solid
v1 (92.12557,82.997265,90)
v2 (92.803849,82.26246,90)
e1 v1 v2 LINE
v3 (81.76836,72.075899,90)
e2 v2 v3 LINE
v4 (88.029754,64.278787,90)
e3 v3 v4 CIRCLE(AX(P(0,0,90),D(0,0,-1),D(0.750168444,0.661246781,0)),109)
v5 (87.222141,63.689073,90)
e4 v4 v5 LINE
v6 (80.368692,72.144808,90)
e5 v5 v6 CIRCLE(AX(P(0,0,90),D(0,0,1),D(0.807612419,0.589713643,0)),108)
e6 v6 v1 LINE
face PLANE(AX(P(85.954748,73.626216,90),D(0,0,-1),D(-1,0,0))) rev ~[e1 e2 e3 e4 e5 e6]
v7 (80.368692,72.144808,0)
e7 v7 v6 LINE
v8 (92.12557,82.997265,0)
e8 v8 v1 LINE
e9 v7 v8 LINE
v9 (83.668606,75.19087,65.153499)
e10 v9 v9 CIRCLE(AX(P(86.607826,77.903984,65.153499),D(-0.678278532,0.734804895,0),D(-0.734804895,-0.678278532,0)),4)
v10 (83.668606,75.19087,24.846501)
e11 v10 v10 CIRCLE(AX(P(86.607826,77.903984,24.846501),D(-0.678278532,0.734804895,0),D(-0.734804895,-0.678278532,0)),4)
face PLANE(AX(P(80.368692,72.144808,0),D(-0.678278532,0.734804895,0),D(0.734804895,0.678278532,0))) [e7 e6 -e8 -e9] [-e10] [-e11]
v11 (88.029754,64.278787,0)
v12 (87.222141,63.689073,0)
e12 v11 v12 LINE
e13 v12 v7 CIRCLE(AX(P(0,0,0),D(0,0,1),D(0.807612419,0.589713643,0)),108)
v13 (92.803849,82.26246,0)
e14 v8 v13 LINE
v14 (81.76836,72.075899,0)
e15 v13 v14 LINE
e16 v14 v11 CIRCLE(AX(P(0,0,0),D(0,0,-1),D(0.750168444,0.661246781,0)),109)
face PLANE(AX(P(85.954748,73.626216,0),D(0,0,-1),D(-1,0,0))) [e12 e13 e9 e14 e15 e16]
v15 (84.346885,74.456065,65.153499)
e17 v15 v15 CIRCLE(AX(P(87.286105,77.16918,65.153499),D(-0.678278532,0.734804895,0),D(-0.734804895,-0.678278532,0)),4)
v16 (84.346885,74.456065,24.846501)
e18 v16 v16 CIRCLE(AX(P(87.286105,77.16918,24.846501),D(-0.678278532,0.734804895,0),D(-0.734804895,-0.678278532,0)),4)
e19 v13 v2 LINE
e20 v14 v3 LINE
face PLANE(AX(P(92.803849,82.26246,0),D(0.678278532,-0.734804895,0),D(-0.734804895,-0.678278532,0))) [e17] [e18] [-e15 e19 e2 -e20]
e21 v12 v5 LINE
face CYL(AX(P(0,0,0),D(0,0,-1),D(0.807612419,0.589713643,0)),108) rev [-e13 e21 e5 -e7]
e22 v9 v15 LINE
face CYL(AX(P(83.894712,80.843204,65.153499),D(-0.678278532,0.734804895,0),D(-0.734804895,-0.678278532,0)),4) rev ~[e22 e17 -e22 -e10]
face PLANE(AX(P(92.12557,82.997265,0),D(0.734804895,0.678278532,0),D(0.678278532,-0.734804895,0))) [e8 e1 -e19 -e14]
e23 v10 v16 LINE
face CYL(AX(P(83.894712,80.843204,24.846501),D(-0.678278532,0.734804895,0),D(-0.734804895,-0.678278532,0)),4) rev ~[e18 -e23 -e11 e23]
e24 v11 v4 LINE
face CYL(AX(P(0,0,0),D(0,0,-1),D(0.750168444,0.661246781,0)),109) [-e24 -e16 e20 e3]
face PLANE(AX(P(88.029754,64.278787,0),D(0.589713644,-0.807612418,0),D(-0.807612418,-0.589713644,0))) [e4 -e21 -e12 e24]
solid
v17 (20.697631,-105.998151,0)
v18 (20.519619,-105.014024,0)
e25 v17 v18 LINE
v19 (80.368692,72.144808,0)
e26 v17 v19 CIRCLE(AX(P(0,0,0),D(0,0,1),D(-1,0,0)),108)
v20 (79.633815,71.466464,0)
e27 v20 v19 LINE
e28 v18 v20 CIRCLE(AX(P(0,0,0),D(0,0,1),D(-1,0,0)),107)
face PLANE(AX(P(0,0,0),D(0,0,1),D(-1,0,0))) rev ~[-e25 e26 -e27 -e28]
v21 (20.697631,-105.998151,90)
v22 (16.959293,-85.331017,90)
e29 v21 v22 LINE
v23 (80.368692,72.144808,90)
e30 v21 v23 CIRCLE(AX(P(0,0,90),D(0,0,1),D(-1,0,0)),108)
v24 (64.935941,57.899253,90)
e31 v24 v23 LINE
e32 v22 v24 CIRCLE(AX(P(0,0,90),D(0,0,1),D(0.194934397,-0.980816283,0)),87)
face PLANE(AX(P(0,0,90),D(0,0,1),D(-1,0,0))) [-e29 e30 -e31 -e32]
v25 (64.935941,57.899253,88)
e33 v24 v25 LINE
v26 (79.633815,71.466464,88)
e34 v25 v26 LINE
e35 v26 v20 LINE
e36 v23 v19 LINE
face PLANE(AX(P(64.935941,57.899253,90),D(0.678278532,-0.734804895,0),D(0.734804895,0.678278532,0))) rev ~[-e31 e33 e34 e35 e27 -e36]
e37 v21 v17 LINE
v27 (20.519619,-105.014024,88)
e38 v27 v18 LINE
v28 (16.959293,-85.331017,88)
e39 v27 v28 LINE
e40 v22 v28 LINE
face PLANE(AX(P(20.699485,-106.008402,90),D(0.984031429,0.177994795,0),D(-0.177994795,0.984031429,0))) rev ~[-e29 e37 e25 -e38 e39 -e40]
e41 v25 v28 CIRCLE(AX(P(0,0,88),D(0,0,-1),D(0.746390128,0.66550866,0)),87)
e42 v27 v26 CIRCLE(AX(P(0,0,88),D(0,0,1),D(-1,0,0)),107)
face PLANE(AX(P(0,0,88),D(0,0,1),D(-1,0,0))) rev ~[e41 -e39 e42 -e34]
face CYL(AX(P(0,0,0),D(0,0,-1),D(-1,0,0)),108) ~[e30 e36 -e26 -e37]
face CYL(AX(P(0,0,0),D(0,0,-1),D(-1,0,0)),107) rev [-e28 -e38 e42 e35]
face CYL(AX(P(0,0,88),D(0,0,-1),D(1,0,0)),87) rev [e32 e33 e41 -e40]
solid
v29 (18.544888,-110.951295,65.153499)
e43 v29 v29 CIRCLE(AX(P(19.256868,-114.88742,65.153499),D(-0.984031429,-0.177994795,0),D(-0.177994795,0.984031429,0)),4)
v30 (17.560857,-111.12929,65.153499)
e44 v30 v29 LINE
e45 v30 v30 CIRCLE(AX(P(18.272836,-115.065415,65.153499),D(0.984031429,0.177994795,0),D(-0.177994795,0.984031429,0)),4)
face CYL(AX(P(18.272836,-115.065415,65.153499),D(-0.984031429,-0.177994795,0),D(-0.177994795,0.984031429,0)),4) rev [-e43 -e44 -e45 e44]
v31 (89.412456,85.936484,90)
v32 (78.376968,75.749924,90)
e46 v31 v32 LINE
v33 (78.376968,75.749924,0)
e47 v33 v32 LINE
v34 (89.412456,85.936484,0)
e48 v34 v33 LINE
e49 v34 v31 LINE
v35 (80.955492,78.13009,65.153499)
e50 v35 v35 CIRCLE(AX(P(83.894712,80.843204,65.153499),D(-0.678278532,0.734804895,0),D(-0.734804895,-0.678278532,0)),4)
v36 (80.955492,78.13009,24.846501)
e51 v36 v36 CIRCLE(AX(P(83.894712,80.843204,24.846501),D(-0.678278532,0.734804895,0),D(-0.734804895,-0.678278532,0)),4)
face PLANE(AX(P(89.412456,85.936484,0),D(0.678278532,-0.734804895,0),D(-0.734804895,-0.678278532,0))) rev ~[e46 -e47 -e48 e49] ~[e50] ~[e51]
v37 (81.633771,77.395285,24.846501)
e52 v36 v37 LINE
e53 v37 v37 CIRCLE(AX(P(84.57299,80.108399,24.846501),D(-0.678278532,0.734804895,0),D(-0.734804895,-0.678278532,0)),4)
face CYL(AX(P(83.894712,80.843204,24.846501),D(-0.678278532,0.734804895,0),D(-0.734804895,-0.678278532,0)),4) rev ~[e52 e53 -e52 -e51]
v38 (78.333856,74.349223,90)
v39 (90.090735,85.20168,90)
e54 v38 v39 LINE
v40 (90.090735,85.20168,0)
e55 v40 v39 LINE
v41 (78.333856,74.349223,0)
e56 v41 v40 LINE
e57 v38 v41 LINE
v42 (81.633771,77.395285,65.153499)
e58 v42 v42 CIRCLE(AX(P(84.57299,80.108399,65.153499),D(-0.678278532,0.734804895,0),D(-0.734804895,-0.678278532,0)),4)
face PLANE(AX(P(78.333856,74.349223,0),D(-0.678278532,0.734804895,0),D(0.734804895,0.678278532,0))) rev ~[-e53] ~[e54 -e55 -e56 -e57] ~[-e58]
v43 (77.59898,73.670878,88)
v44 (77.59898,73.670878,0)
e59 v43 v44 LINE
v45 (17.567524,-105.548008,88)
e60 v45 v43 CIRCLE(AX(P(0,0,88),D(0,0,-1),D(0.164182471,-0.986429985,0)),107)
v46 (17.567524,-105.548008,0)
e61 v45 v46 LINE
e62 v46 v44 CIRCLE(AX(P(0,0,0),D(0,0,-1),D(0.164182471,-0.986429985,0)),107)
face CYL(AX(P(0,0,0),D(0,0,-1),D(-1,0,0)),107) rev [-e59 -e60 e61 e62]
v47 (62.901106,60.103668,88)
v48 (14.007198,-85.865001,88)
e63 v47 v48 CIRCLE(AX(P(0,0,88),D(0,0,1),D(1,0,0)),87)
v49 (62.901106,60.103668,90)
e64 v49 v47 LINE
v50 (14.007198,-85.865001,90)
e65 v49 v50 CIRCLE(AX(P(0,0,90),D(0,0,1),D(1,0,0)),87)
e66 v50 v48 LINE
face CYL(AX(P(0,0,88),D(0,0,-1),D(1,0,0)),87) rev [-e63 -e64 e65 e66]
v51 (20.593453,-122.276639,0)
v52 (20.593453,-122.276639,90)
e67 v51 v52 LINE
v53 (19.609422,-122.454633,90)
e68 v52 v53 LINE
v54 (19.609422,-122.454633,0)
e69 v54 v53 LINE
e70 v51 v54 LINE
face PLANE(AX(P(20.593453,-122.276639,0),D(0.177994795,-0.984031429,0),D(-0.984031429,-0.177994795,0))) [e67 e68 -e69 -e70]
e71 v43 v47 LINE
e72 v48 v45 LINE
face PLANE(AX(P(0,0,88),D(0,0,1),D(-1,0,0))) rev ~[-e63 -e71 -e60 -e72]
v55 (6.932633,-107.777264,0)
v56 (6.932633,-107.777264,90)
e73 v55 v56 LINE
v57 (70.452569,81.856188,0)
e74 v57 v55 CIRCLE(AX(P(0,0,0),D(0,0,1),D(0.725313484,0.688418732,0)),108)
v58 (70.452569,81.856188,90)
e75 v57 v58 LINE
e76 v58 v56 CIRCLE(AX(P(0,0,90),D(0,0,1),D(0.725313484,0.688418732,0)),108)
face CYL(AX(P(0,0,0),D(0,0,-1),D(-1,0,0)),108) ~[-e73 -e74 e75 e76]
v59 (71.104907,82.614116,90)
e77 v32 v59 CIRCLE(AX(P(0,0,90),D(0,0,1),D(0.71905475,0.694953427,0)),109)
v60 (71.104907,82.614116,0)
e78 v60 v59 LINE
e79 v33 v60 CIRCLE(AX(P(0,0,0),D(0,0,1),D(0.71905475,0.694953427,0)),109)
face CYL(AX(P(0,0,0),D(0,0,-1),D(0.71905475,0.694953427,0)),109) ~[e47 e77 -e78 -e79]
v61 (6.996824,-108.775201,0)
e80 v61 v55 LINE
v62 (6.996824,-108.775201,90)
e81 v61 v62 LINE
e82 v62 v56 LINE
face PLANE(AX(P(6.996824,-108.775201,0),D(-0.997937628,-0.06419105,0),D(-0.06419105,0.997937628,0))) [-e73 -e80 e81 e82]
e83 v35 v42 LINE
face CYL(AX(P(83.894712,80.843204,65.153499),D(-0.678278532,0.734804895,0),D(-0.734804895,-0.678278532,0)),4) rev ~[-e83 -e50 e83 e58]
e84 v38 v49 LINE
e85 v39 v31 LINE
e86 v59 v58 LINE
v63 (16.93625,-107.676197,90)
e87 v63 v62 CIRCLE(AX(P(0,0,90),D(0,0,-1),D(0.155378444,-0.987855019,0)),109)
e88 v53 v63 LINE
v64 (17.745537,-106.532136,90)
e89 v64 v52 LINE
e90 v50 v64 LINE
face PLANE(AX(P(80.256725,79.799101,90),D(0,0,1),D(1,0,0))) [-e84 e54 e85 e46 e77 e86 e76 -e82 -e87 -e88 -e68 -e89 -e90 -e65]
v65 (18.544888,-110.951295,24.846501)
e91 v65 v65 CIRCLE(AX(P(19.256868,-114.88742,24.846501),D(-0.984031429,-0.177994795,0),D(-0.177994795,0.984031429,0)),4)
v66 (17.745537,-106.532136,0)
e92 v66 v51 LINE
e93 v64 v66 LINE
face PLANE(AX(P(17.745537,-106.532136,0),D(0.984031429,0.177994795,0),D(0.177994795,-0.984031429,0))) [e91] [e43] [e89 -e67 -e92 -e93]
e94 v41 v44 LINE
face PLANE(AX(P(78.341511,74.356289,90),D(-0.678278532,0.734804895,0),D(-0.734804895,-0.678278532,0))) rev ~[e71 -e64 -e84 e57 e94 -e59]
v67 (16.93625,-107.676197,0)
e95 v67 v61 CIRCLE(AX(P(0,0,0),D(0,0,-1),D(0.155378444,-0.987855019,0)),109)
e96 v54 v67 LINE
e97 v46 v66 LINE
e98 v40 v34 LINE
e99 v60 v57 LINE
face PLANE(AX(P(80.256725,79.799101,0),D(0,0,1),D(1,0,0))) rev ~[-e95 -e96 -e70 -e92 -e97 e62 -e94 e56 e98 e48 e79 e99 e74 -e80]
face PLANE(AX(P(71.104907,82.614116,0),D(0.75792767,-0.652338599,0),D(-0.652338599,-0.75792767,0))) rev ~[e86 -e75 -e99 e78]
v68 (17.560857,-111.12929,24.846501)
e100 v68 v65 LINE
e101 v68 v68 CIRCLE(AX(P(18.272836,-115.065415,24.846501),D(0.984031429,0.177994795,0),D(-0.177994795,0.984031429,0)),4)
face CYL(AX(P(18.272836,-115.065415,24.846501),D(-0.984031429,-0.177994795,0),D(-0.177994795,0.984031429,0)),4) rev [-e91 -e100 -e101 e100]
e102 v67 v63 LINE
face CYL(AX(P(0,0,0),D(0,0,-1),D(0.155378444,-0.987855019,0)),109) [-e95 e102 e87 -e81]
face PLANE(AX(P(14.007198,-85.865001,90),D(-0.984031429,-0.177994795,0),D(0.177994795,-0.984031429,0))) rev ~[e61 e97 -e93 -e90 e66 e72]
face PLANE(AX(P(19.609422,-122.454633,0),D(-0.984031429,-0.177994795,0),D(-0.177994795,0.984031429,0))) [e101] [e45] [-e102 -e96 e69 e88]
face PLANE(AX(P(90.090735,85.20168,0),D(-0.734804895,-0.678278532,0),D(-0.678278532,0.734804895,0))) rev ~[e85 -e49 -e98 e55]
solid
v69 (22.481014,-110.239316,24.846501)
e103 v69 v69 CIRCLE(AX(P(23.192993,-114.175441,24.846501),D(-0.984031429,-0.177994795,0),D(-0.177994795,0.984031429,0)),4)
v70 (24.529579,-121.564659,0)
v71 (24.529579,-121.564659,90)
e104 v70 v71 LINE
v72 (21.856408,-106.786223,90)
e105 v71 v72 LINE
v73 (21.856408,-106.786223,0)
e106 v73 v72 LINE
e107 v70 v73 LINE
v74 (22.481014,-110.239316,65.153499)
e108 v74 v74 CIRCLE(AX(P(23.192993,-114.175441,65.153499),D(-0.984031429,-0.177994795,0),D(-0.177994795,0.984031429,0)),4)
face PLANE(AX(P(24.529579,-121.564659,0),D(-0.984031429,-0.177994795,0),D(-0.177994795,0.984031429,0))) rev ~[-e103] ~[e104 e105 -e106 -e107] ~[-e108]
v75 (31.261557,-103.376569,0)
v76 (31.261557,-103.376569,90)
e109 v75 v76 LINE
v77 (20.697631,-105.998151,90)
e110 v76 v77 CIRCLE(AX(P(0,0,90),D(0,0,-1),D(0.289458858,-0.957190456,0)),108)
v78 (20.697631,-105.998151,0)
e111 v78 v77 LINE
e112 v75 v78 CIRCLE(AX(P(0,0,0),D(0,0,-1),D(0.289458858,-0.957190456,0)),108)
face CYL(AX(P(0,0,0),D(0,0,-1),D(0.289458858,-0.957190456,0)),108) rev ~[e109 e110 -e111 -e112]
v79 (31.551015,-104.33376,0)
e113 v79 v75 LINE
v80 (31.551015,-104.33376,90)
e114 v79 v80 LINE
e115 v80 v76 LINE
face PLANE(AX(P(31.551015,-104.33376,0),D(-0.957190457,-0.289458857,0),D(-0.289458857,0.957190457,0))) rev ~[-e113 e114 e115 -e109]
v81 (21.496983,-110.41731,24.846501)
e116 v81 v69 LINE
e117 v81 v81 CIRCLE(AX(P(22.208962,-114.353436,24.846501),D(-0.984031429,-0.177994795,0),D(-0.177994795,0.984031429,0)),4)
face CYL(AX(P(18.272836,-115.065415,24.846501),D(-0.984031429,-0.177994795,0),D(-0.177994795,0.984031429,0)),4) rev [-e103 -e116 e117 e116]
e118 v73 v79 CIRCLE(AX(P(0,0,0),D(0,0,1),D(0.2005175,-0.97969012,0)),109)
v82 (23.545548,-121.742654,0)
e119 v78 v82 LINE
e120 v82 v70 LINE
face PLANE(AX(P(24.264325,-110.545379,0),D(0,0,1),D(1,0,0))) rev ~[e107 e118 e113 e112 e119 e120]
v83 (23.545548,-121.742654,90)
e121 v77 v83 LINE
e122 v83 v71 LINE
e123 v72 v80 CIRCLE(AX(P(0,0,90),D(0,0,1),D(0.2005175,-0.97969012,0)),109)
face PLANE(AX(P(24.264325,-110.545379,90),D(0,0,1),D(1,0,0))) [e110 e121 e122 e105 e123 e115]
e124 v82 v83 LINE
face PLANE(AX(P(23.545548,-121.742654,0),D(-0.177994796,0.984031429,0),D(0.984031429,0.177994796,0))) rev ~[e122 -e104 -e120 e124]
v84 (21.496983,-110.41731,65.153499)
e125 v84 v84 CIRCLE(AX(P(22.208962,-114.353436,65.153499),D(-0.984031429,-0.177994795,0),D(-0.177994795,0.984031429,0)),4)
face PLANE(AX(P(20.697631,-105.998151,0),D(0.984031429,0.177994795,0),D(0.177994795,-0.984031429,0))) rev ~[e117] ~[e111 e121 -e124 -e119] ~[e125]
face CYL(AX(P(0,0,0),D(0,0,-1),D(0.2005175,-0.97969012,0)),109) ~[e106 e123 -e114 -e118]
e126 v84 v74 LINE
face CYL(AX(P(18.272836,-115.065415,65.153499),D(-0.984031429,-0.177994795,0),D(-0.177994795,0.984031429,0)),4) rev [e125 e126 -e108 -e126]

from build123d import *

# Parameters (mm, degrees)
SKETCH1_R           = 108
SKETCH1_R_2         = 107
BOSS_EXTRUDE1_DEPTH = 90
BOSS_EXTRUDE2_START = -2
SKETCH5_R           = 107
SKETCH5_R_2         = 87
BOSS_EXTRUDE2_DEPTH = 2
CUT_EXTRUDE1_DEPTH  = 178.279440432
BOSS_EXTRUDE3_DEPTH = 90
SKETCH7_R           = 4
CUT_EXTRUDE2_DEPTH  = 189.630747631


with BuildPart() as part:
    # Sketch1 → Boss-Extrude1 (new body)
    with BuildSketch(Plane.XY):
        with Locations(Location((0, 0, 0), (0, 0, 180))):
            Circle(SKETCH1_R)
        with Locations(Location((0, 0, 0), (0, 0, 180))):
            Circle(SKETCH1_R_2, mode=Mode.SUBTRACT)
    extrude(amount=BOSS_EXTRUDE1_DEPTH)

    # Sketch5 → Boss-Extrude2 (add)
    with BuildSketch(Plane.XY.offset(90).offset(BOSS_EXTRUDE2_START)):
        with Locations(Location((0, 0, 0), (0, 0, 180))):
            Circle(SKETCH5_R)
        Circle(SKETCH5_R_2, mode=Mode.SUBTRACT)
    extrude(amount=BOSS_EXTRUDE2_DEPTH)

    # Sketch3 → Cut-Extrude1 (cut, through all)
    with BuildSketch(Plane.XY.offset(90)):
        Polygon((78.341510836, 74.356288771), (62.901105553, 60.10366811), (64.935941148, 57.899253425), (80.376346432, 72.151874087), align=None)
        Polygon((14.00719823, -85.865001006), (17.747390761, -106.5423865), (20.699485047, -106.008402114), (16.959292516, -85.33101662), align=None)
    extrude(amount=-CUT_EXTRUDE1_DEPTH, mode=Mode.SUBTRACT)


with BuildPart() as cut_extrude1_piece_1:
    # of the separate pieces the step leaves, piece 1, a body of its own (cut_extrude1_pieces)
    add(part.part.solids().sort_by_distance((78.33385625, 74.349223029, 0))[0])

    # Sketch6 → Boss-Extrude3 (add, through all)
    with BuildSketch(Plane.XY):
        with BuildLine():
            Line((78.33385625, 74.349223029), (90.090734566, 85.201679537))
            Line((90.090734566, 85.201679537), (89.412456034, 85.936484432))
            Line((89.412456034, 85.936484432), (78.376967774, 75.749923581))
            ThreePointArc((78.376967774, 75.749923581), (74.819696806, 79.26545887), (71.104907327, 82.614115949))
            Line((71.104907327, 82.614115949), (70.452568728, 81.856188279))
            ThreePointArc((70.452568728, 81.856188279), (74.487842607, 78.202054345), (78.33385625, 74.349223029))
        make_face()
        with BuildLine():
            Line((80.368691845, 72.144808345), (92.125570161, 82.997264853))
            Line((92.125570161, 82.997264853), (92.803848693, 82.262459958))
            Line((92.803848693, 82.262459958), (81.768360433, 72.075899107))
            ThreePointArc((81.768360433, 72.075899107), (84.988520543, 68.2491859), (88.029753635, 64.278787131))
            Line((88.029753635, 64.278787131), (87.222141216, 63.689073487))
            ThreePointArc((87.222141216, 63.689073487), (83.902006499, 68.003333047), (80.368691845, 72.144808345))
        make_face()
        with BuildLine():
            Line((20.697630845, -105.998151292), (23.545547572, -121.742654153))
            Line((23.545547572, -121.742654153), (24.529579001, -121.564659357))
            Line((24.529579001, -121.564659357), (21.856407538, -106.786223126))
            ThreePointArc((21.856407538, -106.786223126), (26.731850905, -105.671226676), (31.55101549, -104.33375974))
            Line((31.55101549, -104.33375974), (31.261556633, -103.376569284))
            ThreePointArc((31.261556633, -103.376569284), (26.012640464, -104.820525357), (20.697630845, -105.998151292))
        make_face()
        with BuildLine():
            Line((19.609421857, -122.454633334), (16.936250395, -107.676197103))
            ThreePointArc((16.936250395, -107.676197103), (11.979147286, -108.33974354), (6.996824382, -108.775201441))
            Line((6.996824382, -108.775201441), (6.932633332, -107.777263813))
            ThreePointArc((6.932633332, -107.777263813), (12.354780586, -107.291003335), (17.745536559, -106.532135679))
            Line((17.745536559, -106.532135679), (20.593453286, -122.276638539))
            Line((20.593453286, -122.276638539), (19.609421857, -122.454633334))
        make_face()
    extrude(amount=BOSS_EXTRUDE3_DEPTH)


with BuildPart() as cut_extrude1_piece_2:
    # of the separate pieces the step leaves, piece 2, a body of its own (cut_extrude1_pieces)
    add(part.part.solids().sort_by_distance((20.697630845, -105.998151292, 0))[0])


with BuildPart() as boss_extrude3_piece_1:
    # of the separate pieces the step leaves, piece 1, a body of its own (boss_extrude3_pieces)
    add(cut_extrude1_piece_1.part.solids().sort_by_distance((70.452568728, 81.856188279, 0))[0])


with BuildPart() as boss_extrude3_piece_2:
    # of the separate pieces the step leaves, piece 2, a body of its own (boss_extrude3_pieces)
    add(cut_extrude1_piece_1.part.solids().sort_by_distance((20.697630845, -105.998151292, 0))[0])


with BuildPart() as boss_extrude3_piece_3:
    # of the separate pieces the step leaves, piece 3, a body of its own (boss_extrude3_pieces)
    add(cut_extrude1_piece_1.part.solids().sort_by_distance((87.222141216, 63.689073487, 0))[0])


with BuildPart() as cut_extrude2_tool:
    # Sketch7 → Cut-Extrude2 (new, through all)
    with BuildSketch(Plane(origin=(-1.695696329, 1.837012237, 0), x_dir=(0, 0, 1), z_dir=(-0.6782785317528589, 0.7348048947599533, 0))):
        with Locations(Location((24.846500871, 116.480454667, 0), (0, 0, 270))):
            Circle(SKETCH7_R)
        with Locations(Location((65.153499129, 116.480454667, 0), (0, 0, 270))):
            Circle(SKETCH7_R)
    cut_extrude2 = extrude(amount=-CUT_EXTRUDE2_DEPTH)


with BuildPart() as boss_extrude3_piece_1_1:
    add(boss_extrude3_piece_1.part)

    # Cut-Extrude2: cut by cut_extrude2_tool
    add(cut_extrude2_tool.part, mode=Mode.SUBTRACT)


with BuildPart() as boss_extrude3_piece_3_1:
    add(boss_extrude3_piece_3.part)

    # Cut-Extrude2: cut by cut_extrude2_tool
    add(cut_extrude2_tool.part, mode=Mode.SUBTRACT)


with BuildPart() as mirror4_tool:
    # Mirror4: Cut-Extrude2 across plane
    add(cut_extrude2.mirror(Plane(origin=(0, 0, 0), x_dir=(0, 0, 1), z_dir=(-0.31761703385268936, -0.9482190779596347, 0))))


with BuildPart() as boss_extrude3_piece_1_2:
    add(boss_extrude3_piece_1_1.part)

    # Mirror4: cut by mirror4_tool
    add(mirror4_tool.part, mode=Mode.SUBTRACT)


with BuildPart() as boss_extrude3_piece_2_1:
    add(boss_extrude3_piece_2.part)

    # Mirror4: cut by mirror4_tool
    add(mirror4_tool.part, mode=Mode.SUBTRACT)


solid = Compound([cut_extrude1_piece_2.part, boss_extrude3_piece_3_1.part, boss_extrude3_piece_1_2.part, boss_extrude3_piece_2_1.part])
